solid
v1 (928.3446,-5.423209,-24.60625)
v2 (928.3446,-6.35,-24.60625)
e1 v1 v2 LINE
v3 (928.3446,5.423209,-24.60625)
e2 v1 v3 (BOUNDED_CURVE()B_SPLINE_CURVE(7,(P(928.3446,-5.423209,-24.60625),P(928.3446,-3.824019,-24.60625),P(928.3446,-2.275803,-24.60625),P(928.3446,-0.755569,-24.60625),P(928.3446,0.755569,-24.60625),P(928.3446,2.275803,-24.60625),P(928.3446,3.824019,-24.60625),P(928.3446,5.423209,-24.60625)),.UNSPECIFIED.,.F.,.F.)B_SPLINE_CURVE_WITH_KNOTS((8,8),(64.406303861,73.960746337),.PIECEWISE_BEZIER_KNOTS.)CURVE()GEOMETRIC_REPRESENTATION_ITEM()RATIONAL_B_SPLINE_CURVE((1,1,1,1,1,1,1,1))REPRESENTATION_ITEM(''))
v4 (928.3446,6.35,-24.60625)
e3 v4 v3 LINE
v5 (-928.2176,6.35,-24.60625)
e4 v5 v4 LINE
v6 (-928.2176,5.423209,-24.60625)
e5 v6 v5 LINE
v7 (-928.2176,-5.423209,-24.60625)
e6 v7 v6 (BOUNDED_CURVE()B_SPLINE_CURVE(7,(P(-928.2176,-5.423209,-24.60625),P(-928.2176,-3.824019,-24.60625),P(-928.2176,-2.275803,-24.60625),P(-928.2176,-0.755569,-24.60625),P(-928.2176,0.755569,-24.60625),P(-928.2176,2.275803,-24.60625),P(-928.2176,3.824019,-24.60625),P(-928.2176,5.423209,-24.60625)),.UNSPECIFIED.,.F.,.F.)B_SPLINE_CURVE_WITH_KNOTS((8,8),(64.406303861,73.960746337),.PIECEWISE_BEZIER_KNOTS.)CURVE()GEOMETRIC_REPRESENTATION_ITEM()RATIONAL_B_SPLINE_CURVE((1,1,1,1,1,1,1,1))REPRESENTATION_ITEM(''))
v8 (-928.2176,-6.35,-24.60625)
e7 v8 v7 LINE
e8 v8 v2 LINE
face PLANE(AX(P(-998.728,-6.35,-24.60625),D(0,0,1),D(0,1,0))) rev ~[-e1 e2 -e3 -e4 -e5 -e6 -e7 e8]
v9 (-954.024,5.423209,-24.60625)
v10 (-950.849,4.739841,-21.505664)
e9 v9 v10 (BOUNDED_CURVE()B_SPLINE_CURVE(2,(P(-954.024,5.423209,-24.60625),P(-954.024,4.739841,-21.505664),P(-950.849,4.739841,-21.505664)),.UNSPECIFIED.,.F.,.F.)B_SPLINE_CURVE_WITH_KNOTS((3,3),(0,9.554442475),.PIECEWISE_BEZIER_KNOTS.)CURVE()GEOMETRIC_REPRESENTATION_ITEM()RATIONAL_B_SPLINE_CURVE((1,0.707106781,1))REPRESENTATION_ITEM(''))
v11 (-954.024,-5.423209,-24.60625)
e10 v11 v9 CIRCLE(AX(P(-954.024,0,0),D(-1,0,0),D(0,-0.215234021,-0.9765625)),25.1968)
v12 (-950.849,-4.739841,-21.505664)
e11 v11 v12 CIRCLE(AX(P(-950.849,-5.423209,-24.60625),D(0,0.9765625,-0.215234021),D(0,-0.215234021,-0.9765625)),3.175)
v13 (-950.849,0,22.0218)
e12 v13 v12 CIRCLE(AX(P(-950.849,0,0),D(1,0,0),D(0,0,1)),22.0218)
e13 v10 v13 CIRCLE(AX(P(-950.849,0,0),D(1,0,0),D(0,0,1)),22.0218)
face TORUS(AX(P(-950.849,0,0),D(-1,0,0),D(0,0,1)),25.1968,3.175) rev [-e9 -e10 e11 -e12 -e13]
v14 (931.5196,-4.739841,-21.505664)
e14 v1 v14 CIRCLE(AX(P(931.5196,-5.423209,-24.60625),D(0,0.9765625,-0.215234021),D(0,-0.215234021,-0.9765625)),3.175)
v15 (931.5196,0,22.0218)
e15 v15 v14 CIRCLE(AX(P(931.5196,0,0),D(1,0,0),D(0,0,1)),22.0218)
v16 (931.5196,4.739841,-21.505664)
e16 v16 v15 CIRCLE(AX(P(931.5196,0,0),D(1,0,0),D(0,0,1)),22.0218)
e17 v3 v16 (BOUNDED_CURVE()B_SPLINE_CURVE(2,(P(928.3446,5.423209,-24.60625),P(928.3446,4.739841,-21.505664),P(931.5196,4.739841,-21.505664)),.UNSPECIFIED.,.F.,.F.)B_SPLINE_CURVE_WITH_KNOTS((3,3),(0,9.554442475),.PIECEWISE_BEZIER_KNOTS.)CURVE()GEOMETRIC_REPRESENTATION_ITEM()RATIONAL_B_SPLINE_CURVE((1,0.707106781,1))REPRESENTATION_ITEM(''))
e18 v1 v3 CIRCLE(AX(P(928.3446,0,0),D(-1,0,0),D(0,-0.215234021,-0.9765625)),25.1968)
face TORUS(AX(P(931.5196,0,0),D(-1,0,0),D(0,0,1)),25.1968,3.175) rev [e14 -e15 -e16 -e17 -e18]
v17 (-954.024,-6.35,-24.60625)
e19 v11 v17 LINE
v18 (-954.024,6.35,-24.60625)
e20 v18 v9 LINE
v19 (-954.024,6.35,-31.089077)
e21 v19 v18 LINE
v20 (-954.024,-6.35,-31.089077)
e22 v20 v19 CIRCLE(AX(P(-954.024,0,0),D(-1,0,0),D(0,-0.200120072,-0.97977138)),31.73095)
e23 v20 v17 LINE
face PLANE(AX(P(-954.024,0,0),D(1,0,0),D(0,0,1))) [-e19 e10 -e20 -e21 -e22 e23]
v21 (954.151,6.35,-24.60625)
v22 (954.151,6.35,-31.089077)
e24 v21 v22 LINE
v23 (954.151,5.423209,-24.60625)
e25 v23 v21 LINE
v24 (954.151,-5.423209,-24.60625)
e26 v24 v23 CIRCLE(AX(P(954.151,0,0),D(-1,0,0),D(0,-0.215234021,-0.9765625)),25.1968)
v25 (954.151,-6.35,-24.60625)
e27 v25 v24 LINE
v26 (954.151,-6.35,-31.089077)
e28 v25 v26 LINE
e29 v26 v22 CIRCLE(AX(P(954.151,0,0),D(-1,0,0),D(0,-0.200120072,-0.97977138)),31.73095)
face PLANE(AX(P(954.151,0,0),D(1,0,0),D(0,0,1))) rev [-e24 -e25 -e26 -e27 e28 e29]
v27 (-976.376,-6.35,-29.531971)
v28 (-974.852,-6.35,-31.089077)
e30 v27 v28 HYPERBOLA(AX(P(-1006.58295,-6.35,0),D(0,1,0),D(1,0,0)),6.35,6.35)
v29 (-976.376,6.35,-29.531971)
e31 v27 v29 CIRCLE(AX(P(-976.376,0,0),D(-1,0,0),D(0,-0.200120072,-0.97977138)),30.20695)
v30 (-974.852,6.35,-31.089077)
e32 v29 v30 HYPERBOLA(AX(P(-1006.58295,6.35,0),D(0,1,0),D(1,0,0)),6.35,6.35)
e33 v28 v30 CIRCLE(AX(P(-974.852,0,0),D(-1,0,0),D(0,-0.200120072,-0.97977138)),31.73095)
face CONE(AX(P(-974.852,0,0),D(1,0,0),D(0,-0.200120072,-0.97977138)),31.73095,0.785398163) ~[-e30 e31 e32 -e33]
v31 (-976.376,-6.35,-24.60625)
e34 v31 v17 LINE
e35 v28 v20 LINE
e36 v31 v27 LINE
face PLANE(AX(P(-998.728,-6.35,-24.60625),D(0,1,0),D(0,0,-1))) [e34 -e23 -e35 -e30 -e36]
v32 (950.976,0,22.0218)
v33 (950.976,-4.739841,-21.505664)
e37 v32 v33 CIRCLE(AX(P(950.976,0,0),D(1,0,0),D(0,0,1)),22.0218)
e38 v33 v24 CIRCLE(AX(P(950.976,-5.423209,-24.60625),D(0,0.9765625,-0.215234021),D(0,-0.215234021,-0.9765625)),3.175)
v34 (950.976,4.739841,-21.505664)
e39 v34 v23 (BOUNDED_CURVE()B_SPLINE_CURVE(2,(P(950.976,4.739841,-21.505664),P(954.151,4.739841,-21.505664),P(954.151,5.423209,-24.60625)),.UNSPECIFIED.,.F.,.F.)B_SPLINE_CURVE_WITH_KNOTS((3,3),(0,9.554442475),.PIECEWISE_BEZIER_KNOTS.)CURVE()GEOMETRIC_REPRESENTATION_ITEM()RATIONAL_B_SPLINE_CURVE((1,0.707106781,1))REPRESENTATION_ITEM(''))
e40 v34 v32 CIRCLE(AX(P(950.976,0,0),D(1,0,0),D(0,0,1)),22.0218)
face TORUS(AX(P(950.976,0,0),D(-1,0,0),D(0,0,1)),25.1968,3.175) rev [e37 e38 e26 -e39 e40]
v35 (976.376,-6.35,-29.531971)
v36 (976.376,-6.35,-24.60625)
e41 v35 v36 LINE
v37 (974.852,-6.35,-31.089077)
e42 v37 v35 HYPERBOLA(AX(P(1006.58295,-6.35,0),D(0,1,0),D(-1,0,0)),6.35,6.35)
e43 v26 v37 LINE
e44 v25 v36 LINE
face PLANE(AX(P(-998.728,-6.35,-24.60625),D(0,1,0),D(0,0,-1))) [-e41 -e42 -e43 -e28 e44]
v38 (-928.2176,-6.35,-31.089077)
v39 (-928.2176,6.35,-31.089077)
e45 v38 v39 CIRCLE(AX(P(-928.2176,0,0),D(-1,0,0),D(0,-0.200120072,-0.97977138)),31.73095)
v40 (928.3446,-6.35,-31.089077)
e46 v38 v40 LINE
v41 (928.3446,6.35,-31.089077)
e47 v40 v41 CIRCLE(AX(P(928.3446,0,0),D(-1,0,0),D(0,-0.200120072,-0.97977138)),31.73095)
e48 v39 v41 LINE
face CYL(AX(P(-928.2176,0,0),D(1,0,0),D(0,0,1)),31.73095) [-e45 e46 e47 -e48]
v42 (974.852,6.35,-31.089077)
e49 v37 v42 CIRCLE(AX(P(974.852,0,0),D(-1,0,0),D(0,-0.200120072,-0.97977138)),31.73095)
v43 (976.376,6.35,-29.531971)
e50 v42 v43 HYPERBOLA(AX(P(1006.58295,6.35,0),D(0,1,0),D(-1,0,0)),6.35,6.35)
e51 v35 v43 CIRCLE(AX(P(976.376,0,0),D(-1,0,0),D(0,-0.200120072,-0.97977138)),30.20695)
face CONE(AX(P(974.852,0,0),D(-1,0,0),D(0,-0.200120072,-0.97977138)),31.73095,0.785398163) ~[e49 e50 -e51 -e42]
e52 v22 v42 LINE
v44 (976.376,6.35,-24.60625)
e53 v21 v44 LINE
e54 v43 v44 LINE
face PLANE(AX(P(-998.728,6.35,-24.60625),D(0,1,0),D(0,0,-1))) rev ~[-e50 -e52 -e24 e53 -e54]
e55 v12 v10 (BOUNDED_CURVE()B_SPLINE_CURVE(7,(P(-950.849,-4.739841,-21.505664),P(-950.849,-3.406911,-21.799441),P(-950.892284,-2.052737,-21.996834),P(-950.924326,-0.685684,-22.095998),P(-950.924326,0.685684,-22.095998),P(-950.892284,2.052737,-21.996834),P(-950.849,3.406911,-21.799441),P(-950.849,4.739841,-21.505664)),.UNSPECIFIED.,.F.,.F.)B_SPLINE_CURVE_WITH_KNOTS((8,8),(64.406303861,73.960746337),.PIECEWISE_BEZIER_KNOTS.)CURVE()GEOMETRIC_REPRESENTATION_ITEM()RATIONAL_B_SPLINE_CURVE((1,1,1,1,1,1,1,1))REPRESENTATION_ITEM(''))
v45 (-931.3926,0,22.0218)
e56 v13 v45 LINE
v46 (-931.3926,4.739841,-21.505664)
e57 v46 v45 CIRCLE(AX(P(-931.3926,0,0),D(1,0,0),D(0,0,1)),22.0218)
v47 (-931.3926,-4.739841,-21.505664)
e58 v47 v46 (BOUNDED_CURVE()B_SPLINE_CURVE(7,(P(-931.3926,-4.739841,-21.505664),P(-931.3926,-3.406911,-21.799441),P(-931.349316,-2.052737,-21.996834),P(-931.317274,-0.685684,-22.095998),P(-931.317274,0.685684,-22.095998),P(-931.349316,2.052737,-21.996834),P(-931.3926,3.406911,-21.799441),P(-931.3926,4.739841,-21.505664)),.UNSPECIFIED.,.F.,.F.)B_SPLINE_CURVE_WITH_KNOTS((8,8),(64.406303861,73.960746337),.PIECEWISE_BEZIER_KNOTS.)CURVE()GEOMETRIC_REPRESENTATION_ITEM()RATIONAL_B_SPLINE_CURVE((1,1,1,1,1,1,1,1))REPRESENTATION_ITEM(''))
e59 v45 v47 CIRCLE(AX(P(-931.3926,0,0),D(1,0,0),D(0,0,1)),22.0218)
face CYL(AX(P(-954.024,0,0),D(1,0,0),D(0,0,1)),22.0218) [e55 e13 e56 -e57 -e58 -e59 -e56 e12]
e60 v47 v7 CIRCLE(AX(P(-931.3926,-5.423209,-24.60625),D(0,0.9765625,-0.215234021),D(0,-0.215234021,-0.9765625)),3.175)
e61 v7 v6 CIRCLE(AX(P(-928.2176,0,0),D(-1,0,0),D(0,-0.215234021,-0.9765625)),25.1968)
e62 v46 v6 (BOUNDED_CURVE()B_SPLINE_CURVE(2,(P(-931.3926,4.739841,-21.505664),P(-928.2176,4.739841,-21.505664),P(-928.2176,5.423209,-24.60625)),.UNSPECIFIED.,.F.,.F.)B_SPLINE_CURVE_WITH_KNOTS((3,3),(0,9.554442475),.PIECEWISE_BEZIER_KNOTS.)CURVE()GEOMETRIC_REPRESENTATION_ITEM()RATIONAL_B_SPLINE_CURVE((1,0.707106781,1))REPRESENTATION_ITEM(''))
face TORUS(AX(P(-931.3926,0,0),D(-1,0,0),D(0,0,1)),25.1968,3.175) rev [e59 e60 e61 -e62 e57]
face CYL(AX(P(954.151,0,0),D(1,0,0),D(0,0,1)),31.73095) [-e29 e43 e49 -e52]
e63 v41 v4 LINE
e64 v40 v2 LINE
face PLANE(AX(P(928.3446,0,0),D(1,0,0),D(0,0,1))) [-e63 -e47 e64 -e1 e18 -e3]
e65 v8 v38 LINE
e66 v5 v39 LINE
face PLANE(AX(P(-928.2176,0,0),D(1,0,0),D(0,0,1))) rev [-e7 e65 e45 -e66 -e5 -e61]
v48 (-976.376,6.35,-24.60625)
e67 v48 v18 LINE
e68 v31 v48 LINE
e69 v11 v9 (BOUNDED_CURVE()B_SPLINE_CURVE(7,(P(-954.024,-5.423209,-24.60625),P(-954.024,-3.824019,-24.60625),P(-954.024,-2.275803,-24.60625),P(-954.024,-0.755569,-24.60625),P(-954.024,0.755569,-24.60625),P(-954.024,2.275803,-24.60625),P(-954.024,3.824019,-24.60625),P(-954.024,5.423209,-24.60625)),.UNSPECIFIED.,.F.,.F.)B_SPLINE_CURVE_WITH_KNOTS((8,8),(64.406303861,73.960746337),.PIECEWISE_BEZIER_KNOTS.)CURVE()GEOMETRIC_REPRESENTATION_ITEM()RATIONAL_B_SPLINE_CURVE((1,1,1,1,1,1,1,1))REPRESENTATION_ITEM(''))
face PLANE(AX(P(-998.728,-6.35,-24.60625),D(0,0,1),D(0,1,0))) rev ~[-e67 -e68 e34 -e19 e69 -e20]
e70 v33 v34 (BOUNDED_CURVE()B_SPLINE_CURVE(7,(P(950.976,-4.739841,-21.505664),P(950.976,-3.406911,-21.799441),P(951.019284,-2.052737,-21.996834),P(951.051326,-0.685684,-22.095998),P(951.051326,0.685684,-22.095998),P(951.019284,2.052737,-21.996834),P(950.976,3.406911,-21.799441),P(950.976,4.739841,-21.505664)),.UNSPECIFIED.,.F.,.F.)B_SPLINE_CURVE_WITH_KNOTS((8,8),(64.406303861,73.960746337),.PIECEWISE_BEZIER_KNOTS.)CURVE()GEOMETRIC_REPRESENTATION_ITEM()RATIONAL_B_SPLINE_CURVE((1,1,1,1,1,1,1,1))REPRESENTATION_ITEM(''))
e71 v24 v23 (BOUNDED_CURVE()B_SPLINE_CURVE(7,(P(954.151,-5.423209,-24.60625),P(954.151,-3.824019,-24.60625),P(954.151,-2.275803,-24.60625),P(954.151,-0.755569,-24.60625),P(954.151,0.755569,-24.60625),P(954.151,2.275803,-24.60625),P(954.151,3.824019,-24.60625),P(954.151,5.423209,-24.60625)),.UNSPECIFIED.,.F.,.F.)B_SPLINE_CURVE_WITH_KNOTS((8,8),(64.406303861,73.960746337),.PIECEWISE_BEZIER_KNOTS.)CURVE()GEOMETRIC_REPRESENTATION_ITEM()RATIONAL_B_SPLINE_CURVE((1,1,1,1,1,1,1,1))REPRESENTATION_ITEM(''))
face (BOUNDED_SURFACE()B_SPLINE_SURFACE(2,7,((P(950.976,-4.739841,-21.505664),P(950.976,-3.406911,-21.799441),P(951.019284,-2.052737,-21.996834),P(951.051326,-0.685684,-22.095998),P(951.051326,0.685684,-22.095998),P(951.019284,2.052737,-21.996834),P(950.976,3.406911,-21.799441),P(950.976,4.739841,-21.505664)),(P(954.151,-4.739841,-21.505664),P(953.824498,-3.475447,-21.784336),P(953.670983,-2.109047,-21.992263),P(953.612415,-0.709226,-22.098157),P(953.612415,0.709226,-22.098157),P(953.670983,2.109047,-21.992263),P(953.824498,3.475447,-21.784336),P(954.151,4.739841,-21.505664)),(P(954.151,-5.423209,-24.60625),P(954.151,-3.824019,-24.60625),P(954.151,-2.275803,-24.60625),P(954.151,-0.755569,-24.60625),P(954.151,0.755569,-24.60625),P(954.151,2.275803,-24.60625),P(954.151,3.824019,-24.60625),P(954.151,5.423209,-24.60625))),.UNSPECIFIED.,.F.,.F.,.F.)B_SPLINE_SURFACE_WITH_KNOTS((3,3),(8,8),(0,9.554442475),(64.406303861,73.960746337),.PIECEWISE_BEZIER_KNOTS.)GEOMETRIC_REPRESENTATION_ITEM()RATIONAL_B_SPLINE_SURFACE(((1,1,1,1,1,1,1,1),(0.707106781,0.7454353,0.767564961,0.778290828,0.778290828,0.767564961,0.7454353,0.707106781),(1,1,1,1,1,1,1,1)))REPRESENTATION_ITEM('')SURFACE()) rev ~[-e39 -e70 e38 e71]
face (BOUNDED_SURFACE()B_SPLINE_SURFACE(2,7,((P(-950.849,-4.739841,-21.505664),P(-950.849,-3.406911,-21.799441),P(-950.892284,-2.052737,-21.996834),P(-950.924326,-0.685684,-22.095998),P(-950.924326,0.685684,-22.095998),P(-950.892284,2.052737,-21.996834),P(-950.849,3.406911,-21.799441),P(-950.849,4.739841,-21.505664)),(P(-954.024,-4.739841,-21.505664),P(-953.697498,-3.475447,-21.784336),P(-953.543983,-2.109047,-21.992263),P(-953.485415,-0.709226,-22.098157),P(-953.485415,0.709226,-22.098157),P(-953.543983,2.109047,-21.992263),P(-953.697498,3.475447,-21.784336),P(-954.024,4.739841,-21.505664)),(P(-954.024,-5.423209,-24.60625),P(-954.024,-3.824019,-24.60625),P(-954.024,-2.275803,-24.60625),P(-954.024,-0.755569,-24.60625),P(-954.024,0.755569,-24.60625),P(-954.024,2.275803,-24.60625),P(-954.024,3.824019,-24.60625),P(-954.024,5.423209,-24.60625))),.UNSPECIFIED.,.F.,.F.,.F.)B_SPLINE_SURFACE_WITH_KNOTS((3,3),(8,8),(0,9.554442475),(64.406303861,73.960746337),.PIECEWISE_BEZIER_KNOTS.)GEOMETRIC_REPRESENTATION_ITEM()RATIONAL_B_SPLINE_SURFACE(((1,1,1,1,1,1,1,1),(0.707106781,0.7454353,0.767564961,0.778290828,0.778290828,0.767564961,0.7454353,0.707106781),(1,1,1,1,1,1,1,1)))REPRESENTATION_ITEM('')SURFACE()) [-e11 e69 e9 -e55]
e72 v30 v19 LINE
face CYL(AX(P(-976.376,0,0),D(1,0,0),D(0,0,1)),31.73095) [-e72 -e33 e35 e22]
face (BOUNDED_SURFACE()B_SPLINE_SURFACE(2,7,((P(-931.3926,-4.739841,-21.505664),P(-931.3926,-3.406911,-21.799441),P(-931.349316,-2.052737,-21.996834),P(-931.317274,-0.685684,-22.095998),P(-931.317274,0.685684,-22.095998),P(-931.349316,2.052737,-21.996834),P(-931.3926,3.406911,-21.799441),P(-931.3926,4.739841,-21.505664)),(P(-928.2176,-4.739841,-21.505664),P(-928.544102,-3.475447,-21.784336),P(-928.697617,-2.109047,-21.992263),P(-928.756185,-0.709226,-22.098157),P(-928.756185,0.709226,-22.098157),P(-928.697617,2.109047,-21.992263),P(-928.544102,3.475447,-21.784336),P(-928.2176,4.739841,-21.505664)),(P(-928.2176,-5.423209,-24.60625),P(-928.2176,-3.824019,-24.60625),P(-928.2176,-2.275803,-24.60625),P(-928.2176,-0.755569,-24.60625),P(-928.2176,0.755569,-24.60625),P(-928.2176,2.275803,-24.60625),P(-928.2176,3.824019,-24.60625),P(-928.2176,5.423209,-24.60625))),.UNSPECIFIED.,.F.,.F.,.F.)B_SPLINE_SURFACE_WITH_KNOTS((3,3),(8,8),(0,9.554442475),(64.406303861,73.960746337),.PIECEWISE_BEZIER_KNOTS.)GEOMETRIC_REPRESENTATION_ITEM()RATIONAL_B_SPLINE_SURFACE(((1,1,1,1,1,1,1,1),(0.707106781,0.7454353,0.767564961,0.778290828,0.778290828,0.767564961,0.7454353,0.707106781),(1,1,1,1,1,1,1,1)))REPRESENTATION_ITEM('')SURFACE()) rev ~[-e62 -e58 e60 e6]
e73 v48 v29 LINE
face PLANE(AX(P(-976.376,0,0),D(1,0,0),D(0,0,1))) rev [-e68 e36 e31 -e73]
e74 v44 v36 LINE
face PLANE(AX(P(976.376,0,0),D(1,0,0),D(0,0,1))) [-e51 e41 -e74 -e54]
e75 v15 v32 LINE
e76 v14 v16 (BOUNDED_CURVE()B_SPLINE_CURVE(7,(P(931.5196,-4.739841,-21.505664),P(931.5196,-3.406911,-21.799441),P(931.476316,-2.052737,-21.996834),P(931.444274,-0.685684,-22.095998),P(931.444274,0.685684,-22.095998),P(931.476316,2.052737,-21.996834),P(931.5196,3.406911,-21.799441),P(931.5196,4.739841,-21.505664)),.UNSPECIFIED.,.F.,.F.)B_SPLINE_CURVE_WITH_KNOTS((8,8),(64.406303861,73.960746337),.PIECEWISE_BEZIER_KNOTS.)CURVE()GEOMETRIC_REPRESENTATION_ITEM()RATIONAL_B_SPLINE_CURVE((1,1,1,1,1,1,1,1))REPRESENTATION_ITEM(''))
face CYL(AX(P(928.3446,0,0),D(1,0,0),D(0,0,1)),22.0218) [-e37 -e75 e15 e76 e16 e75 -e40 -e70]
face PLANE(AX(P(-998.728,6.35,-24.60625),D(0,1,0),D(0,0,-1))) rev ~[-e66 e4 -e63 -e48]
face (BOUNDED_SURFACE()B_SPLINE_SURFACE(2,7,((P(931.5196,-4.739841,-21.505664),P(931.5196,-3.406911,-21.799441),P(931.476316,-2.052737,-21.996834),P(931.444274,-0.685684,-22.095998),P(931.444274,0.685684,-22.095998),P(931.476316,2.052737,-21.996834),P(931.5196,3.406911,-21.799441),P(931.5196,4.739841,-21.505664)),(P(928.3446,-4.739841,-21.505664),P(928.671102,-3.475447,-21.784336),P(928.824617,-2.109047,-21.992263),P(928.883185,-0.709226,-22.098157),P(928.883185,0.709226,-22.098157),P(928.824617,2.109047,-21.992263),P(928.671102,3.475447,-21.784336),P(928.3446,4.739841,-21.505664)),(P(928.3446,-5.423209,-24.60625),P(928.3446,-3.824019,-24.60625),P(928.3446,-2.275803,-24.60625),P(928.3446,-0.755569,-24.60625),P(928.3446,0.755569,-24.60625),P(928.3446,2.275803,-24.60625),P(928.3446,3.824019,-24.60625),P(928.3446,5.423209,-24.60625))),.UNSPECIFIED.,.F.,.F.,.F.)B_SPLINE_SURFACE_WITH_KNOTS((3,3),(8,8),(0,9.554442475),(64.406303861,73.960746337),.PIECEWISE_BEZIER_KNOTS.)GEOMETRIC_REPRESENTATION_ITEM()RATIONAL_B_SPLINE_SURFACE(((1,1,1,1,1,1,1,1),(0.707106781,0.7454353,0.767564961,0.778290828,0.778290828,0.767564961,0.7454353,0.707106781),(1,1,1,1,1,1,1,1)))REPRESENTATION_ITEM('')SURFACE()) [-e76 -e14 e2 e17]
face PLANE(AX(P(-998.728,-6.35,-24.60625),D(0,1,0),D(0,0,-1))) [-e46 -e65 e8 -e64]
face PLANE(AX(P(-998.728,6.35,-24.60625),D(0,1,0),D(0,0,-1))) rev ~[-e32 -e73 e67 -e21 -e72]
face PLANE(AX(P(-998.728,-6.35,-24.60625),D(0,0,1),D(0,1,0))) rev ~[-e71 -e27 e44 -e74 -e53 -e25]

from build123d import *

# Parameters (mm, degrees)
CUT_EXTRUDE2_START = -998.728
SKETCH2_W          = 63.4619
SKETCH2_H          = 12.7
CUT_EXTRUDE2_DEPTH = 1997.456
FILLET1_R          = 3.175
CHAMFER1_SIZE      = 1.524


with BuildPart() as part:
    # Sketch1 → Revolve1 (revolve)
    with BuildSketch(Plane(origin=(0, 0, 0), x_dir=(1, 0, 0), z_dir=(0, 1, 0)), mode=Mode.PRIVATE) as revolve1_sk:
        Polygon((-976.376, 0), (-976.376, 31.73095), (-954.024, 31.73095), (-954.024, 22.0218), (-928.2176, 22.0218), (-928.2176, 31.73095), (928.3446, 31.73095), (928.3446, 22.0218), (954.151, 22.0218), (954.151, 31.73095), (976.376, 31.73095), (976.376, 0), align=None)
    revolve(revolve1_sk.sketch.rotate(Axis((-1001.776, 0, 0), (1, 0, 0)), 180), axis=Axis((-1001.776, 0, 0), (1, 0, 0)))

    # Sketch2 → Cut-Extrude2 (cut)
    with BuildSketch(Plane(origin=(0, 0, 0), x_dir=(0, 0, -1), z_dir=(1, 0, 0)).offset(CUT_EXTRUDE2_START)):
        with Locations((56.3372, 0)):
            Rectangle(SKETCH2_W, SKETCH2_H)
    extrude(amount=CUT_EXTRUDE2_DEPTH, mode=Mode.SUBTRACT)

    # Fillet1
    fillet1_edges = [part.edges().sort_by_distance(p)[0] for p in [
        (954.151, 0, -22.0218),
        (928.3446, 0, -22.0218),
        (-928.2176, 0, -22.0218),
        (-954.024, 0, -22.0218),
    ]]
    fillet(fillet1_edges, radius=FILLET1_R)

    # Chamfer1
    chamfer1_edges = [part.edges().sort_by_distance(p)[0] for p in [
        (976.376, 0, 31.73095),
        (-976.376, 0, 31.73095),
    ]]
    chamfer(chamfer1_edges, length=CHAMFER1_SIZE)


solid = part.part
